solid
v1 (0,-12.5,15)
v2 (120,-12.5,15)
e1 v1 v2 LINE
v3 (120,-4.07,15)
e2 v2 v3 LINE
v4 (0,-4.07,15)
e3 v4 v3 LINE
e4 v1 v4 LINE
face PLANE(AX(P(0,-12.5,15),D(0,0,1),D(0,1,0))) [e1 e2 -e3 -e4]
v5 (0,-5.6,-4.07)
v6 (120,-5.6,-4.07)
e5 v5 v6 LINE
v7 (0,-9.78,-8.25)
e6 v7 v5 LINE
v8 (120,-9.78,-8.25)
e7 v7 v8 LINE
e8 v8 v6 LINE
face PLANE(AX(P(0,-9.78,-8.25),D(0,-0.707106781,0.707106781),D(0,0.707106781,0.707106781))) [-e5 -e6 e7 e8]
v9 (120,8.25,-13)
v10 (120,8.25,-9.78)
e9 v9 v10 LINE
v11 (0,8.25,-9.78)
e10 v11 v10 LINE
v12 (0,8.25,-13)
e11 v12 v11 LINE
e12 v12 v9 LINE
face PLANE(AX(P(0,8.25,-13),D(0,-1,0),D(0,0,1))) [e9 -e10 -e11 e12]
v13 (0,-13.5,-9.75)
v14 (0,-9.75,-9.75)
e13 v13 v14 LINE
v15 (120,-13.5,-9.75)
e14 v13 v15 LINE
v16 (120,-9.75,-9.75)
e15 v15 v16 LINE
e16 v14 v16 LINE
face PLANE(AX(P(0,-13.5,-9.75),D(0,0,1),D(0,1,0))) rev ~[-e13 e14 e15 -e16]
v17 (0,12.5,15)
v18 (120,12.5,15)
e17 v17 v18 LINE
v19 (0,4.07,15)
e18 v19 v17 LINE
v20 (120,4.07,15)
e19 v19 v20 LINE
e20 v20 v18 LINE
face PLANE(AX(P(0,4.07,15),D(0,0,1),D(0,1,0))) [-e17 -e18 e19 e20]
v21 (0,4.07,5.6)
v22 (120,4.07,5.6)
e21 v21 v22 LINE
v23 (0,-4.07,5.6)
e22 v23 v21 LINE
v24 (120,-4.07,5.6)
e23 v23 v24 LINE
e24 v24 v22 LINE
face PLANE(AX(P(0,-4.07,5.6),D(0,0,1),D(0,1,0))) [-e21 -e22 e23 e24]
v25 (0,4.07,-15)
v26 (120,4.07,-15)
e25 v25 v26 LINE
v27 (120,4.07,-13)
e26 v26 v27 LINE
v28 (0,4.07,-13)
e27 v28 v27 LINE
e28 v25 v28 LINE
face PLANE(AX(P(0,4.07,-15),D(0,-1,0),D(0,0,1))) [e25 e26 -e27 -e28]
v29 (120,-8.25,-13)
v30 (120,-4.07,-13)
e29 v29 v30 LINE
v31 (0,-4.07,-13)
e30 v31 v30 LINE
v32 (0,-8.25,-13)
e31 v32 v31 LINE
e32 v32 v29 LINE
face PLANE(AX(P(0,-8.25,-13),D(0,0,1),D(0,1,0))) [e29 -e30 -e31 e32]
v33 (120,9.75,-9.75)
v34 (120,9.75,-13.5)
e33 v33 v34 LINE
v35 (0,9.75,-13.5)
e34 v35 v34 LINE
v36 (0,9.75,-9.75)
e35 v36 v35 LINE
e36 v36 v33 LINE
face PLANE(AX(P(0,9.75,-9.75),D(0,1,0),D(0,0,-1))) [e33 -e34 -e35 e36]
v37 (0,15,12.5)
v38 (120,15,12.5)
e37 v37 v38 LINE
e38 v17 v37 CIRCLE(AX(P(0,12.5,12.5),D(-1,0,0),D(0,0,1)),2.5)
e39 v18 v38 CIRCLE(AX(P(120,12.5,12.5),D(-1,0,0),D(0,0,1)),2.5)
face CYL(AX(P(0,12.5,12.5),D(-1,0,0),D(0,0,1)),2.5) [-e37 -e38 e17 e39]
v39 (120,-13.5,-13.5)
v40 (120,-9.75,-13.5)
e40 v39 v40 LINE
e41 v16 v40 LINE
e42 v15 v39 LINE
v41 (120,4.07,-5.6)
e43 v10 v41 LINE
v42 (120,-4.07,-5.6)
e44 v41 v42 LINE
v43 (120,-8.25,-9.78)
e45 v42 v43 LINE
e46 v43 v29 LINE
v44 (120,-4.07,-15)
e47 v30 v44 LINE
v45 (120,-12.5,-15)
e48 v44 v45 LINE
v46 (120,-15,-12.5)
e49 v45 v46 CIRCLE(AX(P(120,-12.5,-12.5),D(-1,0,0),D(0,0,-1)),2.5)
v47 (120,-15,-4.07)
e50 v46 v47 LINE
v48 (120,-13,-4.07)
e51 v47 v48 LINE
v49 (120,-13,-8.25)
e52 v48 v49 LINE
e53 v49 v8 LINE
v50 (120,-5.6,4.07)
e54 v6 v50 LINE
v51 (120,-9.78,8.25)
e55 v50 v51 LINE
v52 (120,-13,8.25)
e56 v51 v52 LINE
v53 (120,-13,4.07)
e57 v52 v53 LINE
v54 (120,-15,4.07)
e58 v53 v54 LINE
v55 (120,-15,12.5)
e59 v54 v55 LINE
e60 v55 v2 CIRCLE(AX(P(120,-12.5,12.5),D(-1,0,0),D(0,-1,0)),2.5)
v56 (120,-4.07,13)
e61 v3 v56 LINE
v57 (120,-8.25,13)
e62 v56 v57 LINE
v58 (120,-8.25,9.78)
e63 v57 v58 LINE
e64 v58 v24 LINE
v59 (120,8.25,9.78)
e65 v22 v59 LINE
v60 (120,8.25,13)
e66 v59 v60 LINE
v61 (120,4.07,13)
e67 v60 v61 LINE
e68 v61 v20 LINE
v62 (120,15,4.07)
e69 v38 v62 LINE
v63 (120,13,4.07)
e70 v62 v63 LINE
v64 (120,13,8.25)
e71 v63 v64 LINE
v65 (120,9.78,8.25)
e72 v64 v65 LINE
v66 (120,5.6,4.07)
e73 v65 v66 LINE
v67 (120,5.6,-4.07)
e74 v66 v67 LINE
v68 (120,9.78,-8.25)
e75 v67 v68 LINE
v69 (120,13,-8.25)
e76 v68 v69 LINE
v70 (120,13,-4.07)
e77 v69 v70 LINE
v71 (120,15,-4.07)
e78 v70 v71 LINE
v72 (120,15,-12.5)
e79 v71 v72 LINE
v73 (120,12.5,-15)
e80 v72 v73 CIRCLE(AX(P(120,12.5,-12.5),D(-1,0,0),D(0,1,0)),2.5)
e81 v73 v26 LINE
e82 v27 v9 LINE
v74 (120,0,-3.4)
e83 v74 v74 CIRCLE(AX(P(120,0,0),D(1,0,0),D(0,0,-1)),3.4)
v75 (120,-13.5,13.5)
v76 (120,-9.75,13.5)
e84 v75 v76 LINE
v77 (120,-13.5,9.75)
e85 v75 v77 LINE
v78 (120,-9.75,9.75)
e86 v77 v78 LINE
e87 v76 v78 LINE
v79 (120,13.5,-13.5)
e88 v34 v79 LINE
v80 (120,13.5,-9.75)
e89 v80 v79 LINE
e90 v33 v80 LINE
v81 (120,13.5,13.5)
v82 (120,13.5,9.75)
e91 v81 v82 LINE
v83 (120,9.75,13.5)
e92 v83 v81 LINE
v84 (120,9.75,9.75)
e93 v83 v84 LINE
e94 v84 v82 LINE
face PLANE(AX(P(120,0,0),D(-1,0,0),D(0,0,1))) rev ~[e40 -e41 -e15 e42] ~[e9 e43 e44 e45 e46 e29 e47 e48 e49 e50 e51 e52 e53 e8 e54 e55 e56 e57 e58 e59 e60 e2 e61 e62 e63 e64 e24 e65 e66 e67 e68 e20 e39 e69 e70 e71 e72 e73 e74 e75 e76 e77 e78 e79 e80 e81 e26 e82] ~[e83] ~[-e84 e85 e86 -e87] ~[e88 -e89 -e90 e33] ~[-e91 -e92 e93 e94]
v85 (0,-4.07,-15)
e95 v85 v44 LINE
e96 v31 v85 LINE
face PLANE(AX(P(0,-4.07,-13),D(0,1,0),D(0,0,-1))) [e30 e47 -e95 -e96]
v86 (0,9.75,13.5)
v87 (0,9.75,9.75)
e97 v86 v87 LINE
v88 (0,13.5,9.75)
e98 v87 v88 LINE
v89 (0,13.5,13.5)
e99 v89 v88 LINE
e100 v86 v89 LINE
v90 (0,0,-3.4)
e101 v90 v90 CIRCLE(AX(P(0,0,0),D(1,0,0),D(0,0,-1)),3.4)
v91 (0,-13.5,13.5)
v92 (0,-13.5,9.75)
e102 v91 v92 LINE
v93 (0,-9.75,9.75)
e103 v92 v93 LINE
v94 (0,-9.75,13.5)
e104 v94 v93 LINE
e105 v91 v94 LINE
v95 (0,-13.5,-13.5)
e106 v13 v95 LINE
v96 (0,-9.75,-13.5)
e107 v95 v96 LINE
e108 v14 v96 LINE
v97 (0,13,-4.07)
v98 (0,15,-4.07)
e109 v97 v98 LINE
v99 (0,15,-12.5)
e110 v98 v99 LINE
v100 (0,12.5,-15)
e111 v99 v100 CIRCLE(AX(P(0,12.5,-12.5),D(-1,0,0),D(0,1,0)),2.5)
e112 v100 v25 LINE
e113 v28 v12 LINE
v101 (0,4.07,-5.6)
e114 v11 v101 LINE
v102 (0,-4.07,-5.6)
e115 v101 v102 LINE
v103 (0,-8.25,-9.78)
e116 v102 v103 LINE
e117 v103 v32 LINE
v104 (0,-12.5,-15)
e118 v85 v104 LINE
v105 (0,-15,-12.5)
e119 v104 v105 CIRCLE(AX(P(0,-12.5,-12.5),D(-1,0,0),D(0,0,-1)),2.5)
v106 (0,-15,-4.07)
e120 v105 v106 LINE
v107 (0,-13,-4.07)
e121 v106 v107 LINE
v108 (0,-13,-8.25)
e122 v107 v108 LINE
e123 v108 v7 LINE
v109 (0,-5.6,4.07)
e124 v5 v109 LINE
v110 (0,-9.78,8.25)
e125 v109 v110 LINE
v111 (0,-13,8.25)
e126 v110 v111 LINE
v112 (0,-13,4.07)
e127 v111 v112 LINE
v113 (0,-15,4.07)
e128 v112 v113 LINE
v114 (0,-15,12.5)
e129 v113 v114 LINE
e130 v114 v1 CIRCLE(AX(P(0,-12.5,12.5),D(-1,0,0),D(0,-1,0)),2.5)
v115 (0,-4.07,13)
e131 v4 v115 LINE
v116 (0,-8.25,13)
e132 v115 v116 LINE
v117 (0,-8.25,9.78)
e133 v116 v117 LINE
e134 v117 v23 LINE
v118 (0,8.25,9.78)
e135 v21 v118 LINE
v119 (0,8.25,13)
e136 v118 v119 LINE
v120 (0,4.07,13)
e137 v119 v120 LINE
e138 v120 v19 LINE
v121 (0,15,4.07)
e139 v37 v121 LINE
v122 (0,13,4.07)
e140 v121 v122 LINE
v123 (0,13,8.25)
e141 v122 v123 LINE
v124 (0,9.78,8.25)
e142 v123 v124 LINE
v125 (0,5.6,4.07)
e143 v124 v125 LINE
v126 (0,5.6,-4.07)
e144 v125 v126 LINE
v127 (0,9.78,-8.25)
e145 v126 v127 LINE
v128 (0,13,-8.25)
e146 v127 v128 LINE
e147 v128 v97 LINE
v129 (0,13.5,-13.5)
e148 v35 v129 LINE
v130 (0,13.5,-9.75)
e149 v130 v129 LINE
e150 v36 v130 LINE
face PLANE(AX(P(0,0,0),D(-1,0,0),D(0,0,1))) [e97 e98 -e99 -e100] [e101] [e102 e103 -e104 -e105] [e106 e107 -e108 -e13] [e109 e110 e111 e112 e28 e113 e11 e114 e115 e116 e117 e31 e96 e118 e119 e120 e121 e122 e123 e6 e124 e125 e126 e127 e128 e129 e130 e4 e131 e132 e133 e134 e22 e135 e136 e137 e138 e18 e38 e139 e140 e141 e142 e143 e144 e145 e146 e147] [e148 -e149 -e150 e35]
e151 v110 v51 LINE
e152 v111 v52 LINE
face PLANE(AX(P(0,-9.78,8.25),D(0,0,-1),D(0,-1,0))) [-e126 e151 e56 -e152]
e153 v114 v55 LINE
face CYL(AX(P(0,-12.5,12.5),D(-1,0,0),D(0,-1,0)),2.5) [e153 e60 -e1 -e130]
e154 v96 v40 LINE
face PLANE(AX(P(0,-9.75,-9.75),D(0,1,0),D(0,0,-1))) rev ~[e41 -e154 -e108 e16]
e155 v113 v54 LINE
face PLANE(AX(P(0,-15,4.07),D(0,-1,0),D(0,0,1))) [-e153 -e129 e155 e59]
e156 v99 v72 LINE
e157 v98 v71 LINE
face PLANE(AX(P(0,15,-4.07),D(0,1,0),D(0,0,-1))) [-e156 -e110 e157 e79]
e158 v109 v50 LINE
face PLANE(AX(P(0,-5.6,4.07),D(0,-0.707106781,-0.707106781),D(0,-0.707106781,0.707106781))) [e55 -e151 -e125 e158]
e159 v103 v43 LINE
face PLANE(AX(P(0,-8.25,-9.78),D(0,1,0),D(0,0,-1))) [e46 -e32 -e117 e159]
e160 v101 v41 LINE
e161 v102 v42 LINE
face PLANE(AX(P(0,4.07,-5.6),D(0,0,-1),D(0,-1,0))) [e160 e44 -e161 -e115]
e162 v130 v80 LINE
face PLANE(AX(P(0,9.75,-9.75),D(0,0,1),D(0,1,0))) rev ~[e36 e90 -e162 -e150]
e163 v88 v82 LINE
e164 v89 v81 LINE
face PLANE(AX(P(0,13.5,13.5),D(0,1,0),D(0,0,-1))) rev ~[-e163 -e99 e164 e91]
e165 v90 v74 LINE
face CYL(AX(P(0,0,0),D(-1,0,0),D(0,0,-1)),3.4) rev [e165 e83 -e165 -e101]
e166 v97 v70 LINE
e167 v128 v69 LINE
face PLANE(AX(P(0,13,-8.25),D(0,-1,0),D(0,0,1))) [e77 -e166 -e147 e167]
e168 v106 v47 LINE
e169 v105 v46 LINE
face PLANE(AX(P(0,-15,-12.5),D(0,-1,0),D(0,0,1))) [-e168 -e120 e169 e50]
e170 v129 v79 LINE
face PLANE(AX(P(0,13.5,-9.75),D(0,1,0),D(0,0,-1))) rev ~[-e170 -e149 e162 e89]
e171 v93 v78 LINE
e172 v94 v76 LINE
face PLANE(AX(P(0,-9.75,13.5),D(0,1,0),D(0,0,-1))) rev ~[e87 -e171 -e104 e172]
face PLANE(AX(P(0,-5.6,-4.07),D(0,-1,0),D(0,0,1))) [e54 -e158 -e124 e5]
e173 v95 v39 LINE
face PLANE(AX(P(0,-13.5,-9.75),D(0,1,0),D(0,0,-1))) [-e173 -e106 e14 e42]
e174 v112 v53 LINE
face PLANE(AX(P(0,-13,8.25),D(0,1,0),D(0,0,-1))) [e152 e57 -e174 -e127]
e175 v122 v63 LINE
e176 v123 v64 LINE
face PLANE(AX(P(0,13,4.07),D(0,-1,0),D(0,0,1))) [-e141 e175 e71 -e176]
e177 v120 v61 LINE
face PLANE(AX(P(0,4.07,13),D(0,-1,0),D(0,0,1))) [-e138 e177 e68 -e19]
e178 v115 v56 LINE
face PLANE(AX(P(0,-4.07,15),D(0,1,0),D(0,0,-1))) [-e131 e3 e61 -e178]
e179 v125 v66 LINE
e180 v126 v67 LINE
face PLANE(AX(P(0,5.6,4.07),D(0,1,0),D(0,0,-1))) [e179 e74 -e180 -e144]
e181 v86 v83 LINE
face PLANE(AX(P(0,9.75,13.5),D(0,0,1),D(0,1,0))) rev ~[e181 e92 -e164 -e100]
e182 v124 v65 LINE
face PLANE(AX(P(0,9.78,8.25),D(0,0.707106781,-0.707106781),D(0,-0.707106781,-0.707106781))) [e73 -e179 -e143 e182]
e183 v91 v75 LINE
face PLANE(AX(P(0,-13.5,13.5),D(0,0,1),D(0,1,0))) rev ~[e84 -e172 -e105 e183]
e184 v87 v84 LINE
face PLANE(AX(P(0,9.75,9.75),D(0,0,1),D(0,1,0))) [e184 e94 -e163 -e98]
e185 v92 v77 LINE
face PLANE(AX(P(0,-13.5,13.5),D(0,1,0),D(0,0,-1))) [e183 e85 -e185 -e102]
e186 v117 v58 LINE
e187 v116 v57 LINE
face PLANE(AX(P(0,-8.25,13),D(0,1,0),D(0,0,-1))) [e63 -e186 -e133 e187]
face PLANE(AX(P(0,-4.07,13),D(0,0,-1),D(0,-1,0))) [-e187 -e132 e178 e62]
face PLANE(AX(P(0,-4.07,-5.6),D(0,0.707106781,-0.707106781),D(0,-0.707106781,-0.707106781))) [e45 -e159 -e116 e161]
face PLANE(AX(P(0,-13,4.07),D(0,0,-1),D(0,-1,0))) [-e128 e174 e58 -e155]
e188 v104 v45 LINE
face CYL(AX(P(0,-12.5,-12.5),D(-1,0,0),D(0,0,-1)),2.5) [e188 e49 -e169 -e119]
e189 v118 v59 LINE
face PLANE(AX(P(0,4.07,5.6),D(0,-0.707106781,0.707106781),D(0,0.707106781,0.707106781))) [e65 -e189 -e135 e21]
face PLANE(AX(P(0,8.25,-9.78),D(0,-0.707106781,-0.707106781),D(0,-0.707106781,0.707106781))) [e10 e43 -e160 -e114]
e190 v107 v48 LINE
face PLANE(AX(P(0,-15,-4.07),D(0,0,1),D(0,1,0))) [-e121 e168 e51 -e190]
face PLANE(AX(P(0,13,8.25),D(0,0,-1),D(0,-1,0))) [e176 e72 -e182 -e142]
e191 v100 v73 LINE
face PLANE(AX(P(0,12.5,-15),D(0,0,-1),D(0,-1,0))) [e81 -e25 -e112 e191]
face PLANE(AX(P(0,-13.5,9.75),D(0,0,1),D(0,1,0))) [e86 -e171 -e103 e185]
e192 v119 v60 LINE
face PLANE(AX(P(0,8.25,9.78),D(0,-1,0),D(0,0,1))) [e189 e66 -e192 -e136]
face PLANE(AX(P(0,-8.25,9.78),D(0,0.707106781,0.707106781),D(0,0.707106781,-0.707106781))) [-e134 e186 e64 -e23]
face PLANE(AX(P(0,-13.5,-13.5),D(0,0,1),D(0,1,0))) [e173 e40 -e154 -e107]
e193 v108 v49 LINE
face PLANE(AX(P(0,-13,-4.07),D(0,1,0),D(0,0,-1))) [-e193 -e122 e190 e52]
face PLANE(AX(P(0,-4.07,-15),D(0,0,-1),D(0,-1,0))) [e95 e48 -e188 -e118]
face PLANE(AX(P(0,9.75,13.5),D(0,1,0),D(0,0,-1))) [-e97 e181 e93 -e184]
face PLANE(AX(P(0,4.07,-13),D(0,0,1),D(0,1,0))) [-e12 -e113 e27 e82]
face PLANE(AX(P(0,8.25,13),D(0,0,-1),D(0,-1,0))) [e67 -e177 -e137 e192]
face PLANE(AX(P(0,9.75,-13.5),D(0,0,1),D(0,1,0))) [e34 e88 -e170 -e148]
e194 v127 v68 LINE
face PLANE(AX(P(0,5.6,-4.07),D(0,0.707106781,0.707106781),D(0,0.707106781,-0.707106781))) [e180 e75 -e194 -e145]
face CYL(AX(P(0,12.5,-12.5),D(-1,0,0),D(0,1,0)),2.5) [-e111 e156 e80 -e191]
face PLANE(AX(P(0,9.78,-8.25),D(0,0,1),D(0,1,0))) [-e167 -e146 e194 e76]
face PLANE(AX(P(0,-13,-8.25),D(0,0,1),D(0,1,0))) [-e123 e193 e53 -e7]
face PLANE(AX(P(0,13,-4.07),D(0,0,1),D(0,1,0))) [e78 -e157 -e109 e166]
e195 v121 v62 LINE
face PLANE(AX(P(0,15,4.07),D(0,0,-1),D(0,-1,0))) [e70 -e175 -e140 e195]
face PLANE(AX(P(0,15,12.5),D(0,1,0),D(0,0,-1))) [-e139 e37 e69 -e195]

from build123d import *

# Parameters (mm, degrees)
SKETCH11_R                     = 3.4
SKETCH11_W                     = 3.75
SKETCH11_H                     = 3.75
T_SLOT_PROFILES_3030_2_1_DEPTH = 120


with BuildPart() as part:
    # Sketch11 → T-slot profiles 3030_2(1) (new body)
    with BuildSketch(Plane(origin=(0, 0, 0), x_dir=(0, 0, -1), z_dir=(1, 0, 0))):
        with BuildLine():
            Line((-4.07, 5.6), (4.07, 5.6))
            Line((4.07, 5.6), (8.25, 9.78))
            Line((8.25, 9.78), (8.25, 13))
            Line((8.25, 13), (4.07, 13))
            Line((4.07, 13), (4.07, 15))
            Line((4.07, 15), (12.5, 15))
            ThreePointArc((12.5, 15), (14.267766953, 14.267766953), (15, 12.5))
            Line((15, 12.5), (15, 4.07))
            Line((15, 4.07), (13, 4.07))
            Line((13, 4.07), (13, 8.25))
            Line((13, 8.25), (9.78, 8.25))
            Line((9.78, 8.25), (5.6, 4.07))
            Line((5.6, 4.07), (5.6, -4.07))
            Line((5.6, -4.07), (9.78, -8.25))
            Line((9.78, -8.25), (13, -8.25))
            Line((13, -8.25), (13, -4.07))
            Line((13, -4.07), (15, -4.07))
            Line((15, -4.07), (15, -12.5))
            ThreePointArc((15, -12.5), (14.267766953, -14.267766953), (12.5, -15))
            Line((12.5, -15), (4.07, -15))
            Line((4.07, -15), (4.07, -13))
            Line((4.07, -13), (8.25, -13))
            Line((8.25, -13), (8.25, -9.78))
            Line((8.25, -9.78), (4.07, -5.6))
            Line((4.07, -5.6), (-4.07, -5.6))
            Line((-4.07, -5.6), (-8.25, -9.78))
            Line((-8.25, -9.78), (-8.25, -13))
            Line((-8.25, -13), (-4.07, -13))
            Line((-4.07, -13), (-4.07, -15))
            Line((-4.07, -15), (-12.5, -15))
            ThreePointArc((-12.5, -15), (-14.267766953, -14.267766953), (-15, -12.5))
            Line((-15, -12.5), (-15, -4.07))
            Line((-15, -4.07), (-13, -4.07))
            Line((-13, -4.07), (-13, -8.25))
            Line((-13, -8.25), (-9.78, -8.25))
            Line((-9.78, -8.25), (-5.6, -4.07))
            Line((-5.6, -4.07), (-5.6, 4.07))
            Line((-5.6, 4.07), (-9.78, 8.25))
            Line((-9.78, 8.25), (-13, 8.25))
            Line((-13, 8.25), (-13, 4.07))
            Line((-13, 4.07), (-15, 4.07))
            Line((-15, 4.07), (-15, 12.5))
            ThreePointArc((-15, 12.5), (-14.267766953, 14.267766953), (-12.5, 15))
            Line((-12.5, 15), (-4.07, 15))
            Line((-4.07, 15), (-4.07, 13))
            Line((-4.07, 13), (-8.25, 13))
            Line((-8.25, 13), (-8.25, 9.78))
            Line((-8.25, 9.78), (-4.07, 5.6))
        make_face()
        Circle(SKETCH11_R, mode=Mode.SUBTRACT)
        with Locations((11.625, 11.625)):
            Rectangle(SKETCH11_W, SKETCH11_H, mode=Mode.SUBTRACT)
        with Locations((11.625, -11.625)):
            Rectangle(SKETCH11_W, SKETCH11_H, mode=Mode.SUBTRACT)
        with Locations((-11.625, 11.625)):
            Rectangle(SKETCH11_W, SKETCH11_H, mode=Mode.SUBTRACT)
        with Locations((-11.625, -11.625)):
            Rectangle(SKETCH11_W, SKETCH11_H, mode=Mode.SUBTRACT)
    extrude(amount=T_SLOT_PROFILES_3030_2_1_DEPTH)


solid = part.part
